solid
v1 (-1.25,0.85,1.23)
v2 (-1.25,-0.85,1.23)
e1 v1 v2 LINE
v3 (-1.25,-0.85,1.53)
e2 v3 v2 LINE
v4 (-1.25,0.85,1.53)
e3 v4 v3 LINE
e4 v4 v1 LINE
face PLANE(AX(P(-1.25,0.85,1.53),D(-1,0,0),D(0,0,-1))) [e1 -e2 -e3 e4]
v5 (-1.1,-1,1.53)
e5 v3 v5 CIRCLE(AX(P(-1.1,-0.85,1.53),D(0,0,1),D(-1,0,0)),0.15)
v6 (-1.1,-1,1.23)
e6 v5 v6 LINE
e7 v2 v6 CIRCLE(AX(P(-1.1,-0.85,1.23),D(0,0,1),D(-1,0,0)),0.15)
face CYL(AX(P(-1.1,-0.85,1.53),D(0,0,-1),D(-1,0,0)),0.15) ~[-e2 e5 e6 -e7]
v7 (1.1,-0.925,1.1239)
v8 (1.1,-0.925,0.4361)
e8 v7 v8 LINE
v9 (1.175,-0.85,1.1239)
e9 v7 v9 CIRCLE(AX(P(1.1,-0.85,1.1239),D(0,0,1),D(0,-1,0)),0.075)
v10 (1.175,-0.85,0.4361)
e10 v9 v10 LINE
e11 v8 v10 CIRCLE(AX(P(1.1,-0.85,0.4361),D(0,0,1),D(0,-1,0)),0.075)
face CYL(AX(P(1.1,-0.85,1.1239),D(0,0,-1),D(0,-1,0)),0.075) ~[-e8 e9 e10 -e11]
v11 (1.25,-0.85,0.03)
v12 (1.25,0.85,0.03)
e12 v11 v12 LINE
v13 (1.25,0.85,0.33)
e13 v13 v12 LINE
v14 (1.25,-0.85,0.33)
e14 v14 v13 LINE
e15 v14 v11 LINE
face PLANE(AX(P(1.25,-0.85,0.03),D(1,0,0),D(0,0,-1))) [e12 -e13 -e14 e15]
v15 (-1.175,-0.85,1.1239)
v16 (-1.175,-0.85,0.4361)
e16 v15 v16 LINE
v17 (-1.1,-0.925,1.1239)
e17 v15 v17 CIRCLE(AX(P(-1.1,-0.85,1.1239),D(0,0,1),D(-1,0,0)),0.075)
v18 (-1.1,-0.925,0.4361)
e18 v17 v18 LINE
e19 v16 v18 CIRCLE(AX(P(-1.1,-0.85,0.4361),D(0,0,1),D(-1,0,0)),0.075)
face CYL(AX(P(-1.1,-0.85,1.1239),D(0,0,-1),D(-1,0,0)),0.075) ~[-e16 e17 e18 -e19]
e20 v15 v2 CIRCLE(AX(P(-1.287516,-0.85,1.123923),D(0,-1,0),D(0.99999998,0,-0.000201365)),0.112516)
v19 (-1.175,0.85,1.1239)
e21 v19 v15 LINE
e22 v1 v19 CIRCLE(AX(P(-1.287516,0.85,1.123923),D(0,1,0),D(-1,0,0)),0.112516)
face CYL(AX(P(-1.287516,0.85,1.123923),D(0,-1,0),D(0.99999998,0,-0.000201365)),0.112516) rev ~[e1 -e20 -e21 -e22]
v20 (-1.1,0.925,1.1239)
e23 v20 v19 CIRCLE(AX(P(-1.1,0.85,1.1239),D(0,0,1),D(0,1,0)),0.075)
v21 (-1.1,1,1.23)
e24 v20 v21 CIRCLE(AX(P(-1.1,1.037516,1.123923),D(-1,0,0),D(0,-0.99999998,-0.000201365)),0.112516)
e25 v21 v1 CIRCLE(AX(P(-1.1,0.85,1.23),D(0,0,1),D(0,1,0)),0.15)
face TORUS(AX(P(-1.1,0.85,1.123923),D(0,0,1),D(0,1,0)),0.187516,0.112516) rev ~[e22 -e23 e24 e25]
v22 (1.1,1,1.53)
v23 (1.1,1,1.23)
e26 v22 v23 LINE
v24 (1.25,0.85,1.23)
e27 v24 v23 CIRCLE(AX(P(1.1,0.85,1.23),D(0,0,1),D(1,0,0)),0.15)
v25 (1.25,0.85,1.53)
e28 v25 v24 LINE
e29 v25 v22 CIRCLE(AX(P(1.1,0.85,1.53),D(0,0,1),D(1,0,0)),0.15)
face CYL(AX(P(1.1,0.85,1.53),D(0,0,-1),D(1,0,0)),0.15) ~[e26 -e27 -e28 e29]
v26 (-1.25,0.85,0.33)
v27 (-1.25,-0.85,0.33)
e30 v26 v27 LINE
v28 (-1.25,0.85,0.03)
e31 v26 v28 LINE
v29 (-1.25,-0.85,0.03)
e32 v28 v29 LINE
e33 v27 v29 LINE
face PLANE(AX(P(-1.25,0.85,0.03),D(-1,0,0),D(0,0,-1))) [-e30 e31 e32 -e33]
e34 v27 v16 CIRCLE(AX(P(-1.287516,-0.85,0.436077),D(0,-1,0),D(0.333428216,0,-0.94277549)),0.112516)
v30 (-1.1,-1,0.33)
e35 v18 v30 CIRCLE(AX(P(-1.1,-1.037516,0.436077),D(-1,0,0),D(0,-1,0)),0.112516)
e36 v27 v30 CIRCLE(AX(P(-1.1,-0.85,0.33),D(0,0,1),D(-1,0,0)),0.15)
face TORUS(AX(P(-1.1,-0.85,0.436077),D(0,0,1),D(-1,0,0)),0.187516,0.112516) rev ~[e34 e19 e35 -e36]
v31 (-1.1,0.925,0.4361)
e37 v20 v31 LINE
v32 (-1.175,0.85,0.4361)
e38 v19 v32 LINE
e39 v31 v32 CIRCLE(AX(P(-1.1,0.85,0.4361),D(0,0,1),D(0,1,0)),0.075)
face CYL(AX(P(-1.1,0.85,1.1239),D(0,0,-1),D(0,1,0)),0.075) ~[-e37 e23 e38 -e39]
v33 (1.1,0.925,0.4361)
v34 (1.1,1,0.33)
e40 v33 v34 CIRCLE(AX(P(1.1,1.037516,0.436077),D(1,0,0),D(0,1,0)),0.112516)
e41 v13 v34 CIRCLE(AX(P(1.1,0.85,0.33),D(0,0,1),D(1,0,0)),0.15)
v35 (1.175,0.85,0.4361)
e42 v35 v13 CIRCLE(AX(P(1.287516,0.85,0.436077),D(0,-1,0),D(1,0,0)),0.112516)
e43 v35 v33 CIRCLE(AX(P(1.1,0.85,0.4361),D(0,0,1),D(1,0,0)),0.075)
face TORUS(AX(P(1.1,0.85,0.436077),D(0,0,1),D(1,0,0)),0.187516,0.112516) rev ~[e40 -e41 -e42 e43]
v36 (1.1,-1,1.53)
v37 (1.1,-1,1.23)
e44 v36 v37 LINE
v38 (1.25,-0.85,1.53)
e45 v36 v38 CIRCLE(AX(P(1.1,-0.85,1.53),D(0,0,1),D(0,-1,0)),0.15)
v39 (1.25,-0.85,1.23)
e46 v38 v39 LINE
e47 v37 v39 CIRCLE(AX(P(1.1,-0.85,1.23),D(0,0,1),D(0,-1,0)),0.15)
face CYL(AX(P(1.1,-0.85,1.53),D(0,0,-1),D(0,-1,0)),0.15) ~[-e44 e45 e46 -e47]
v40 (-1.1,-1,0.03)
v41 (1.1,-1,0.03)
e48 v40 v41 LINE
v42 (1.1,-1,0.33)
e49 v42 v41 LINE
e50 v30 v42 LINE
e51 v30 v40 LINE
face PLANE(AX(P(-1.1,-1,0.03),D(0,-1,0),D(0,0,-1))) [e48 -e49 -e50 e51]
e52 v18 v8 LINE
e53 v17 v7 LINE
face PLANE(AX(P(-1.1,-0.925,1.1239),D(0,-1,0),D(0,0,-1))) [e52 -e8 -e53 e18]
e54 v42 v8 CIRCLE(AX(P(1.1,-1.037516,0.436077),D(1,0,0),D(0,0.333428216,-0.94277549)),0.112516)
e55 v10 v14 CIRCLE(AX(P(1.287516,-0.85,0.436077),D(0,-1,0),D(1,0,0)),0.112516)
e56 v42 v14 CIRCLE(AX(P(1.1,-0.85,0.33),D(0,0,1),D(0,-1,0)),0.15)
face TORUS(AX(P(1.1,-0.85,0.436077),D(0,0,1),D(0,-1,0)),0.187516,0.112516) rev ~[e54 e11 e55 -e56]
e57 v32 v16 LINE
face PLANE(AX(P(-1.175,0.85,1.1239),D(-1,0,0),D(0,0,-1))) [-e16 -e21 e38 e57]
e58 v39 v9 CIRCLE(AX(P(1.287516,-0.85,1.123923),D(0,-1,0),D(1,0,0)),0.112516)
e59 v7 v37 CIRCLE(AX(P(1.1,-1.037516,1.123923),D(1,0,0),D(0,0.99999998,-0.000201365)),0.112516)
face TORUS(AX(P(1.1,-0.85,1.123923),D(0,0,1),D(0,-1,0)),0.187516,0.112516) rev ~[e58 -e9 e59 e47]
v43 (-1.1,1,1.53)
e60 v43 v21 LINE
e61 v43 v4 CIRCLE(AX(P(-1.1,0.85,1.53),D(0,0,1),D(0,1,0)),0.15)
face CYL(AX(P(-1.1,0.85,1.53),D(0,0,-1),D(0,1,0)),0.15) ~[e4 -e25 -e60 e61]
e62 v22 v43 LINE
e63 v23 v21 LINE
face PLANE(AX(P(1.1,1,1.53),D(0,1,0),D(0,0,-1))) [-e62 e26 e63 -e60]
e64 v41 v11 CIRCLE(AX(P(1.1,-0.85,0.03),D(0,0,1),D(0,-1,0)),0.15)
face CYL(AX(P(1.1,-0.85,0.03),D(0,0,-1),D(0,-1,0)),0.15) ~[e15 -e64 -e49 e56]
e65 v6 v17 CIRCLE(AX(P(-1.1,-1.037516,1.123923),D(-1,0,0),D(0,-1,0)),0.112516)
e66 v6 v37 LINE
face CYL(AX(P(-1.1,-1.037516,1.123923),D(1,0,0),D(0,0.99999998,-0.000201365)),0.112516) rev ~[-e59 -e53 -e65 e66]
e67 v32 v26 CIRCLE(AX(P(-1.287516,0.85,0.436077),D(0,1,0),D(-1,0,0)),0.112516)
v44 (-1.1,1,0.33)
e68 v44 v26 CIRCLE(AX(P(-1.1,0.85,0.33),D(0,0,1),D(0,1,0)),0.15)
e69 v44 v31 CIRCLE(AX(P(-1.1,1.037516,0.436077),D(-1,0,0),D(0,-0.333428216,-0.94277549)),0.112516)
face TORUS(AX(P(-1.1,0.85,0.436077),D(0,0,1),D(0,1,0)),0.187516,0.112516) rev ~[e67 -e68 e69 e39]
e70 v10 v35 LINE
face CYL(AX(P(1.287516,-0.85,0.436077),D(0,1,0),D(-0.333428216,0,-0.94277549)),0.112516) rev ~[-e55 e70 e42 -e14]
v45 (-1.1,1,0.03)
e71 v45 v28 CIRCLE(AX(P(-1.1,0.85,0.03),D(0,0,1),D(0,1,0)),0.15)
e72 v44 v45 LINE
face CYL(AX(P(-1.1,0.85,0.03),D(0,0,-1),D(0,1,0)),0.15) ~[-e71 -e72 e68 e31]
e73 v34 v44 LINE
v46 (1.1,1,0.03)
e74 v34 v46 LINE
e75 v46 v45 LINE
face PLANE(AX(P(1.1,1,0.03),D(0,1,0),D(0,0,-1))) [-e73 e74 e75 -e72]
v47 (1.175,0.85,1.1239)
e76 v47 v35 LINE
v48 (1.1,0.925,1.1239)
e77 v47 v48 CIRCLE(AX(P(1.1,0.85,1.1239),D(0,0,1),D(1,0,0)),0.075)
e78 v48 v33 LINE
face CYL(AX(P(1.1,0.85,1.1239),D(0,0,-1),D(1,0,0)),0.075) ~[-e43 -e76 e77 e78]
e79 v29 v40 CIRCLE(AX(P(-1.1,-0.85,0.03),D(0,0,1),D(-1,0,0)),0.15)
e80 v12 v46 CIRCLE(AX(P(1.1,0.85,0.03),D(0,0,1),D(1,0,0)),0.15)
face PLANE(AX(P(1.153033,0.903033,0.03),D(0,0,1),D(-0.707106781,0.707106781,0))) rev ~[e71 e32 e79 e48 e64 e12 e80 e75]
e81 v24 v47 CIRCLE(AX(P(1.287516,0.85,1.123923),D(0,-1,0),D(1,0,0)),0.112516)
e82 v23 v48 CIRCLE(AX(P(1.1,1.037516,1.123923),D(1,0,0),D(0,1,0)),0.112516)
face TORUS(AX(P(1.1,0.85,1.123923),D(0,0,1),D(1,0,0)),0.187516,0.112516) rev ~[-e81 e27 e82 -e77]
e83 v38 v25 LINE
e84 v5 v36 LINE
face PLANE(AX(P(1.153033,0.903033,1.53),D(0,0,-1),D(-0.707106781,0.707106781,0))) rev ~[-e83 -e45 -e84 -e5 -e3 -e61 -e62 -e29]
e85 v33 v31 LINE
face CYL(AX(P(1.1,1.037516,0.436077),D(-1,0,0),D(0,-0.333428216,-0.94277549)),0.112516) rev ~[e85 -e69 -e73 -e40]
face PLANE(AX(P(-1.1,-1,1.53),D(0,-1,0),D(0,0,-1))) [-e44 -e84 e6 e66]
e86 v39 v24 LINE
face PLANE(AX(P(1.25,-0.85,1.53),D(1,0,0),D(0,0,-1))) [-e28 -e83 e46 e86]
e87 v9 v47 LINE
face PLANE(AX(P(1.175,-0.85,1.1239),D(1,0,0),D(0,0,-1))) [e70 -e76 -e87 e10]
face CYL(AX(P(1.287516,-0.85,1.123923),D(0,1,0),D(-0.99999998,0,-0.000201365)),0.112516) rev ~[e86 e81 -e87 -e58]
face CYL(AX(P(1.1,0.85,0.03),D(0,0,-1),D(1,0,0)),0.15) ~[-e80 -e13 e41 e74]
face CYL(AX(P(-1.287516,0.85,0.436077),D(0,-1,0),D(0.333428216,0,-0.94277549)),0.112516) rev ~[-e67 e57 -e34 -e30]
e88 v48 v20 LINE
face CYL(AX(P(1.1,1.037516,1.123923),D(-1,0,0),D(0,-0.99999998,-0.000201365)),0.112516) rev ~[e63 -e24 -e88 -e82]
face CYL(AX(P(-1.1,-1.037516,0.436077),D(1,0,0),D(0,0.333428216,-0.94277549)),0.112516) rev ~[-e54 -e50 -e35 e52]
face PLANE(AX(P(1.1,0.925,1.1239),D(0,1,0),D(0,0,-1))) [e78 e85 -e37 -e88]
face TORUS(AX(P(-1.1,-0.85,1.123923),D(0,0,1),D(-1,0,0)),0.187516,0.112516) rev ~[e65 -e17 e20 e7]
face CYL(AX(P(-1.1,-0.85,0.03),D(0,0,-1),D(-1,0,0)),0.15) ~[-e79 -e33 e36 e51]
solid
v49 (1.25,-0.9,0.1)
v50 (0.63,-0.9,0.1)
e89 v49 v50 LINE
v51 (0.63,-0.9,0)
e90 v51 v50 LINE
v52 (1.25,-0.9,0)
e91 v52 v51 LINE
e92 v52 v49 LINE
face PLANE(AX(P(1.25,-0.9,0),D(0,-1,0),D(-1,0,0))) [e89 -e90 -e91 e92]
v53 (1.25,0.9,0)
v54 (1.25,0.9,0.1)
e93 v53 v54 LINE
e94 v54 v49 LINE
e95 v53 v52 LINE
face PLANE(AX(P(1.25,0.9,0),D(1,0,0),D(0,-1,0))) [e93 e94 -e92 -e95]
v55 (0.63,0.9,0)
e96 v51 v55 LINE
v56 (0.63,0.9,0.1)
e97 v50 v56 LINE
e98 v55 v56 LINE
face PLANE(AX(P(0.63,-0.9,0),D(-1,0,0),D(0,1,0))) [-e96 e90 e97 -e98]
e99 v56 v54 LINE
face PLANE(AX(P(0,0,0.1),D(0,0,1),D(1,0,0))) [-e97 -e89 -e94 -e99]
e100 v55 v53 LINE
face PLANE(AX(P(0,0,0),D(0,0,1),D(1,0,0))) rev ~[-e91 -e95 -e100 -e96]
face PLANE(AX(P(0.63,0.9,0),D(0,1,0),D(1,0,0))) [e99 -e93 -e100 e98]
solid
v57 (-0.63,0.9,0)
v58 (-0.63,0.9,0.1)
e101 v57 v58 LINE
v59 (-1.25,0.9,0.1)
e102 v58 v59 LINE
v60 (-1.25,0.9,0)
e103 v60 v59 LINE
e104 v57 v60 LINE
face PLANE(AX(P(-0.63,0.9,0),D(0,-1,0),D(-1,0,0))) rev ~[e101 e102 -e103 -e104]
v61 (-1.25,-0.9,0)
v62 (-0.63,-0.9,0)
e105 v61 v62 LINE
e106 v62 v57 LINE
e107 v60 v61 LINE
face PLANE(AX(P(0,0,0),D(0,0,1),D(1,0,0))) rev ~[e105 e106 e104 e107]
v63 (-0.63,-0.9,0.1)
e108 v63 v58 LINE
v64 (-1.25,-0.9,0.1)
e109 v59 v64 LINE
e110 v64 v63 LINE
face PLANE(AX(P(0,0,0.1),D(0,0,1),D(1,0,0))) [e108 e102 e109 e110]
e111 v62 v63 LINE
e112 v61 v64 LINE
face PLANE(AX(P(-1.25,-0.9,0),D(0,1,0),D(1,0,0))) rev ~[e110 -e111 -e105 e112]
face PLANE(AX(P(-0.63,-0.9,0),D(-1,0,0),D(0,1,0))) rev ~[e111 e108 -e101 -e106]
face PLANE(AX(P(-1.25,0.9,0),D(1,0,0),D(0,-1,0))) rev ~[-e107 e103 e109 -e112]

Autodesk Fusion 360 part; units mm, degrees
ref_plane "WorkPlane3" through (0, 0, 0.03) normal (0, 0, 1) x (1, 0, 0)
sketch "Sketch1" plane through (0, 0, 0.03) normal (0, 0, 1) x (1, 0, 0)
  line L0 (1.1, 1) -> (-1.1, 1)
  line L1 (-1.25, 0.85) -> (-1.25, -0.85)
  line L2 (-1.1, -1) -> (1.1, -1)
  line L3 (1.25, -0.85) -> (1.25, 0.85)
  line L4 (1.25, 1) -> (-1.25, -1) construction
  line L5 (-1.25, 1) -> (1.25, -1) construction
  line L6 (0, 1) -> (0, -1) construction
  arc A0 (-1.25, -0.85) -> (-1.1, -1) centre (-1.1, -0.85) ccw
  arc A1 (1.1, -1) -> (1.25, -0.85) centre (1.1, -0.85) ccw
  arc A2 (1.25, 0.85) -> (1.1, 1) centre (1.1, 0.85) ccw
  arc A3 (-1.1, 1) -> (-1.25, 0.85) centre (-1.1, 0.85) ccw
  point P0 (1.05, 0)
  dimension "d10" = 2.5
  dimension "d11" = 2
  dimension "d30" = 0.15
ref_plane "WorkPlane2" through (1.1, 0, 0) normal (1, 0, 0) x (0, 1, 0)
sketch "Sketch2" plane through (1.1, 0, 0) normal (1, 0, 0) x (0, 1, 0)
  line L0 (0, 0.03) -> (0, 1.53)
  line L1 (0, 1.53) -> (-1, 1.53)
  line L2 (-1, 1.53) -> (-1, 1.23)
  arc A0 (-0.925, 1.1239) -> (-1, 1.23) centre (-1.0375, 1.1239) ccw
  line L3 (-0.925, 1.1239) -> (-0.925, 0.4361)
  line L4 (-1, 0.03) -> (-1, 0.33)
  arc A1 (-1, 0.33) -> (-0.925, 0.4361) centre (-1.0375, 0.4361) ccw
  line L5 (-0.85, 1.53) -> (-0.85, 0.03)
  line L6 (0, 0.03) -> (-1, 0.03)
  point P0 (-0.85, 0.03)
  dimension "d22" = 0.075
  dimension "d23" = 0.3
  dimension "d24" = 0.3
  dimension "d26" = 0.1125
  dimension "d44" = 1.5
  dimension "d45" = 1
sweep "Sweep1" add profiles "Sketch2" path "Sketch1" along A2 L0 A3 L1 A0 L2 A1 L3 section 1 contours L1 L2 A0 L3 L4 A1 L5 L6 makes body 1
sketch "Sketch3" plane through (0, 0, 1.53) normal (0, 0, 1) x (-1, 0, 0)
  line L0 (-1.1, 0.85) -> (1.1, 0.85)
  line L1 (1.1, 0.85) -> (1.1, -0.85)
  line L2 (1.1, -0.85) -> (-1.1, -0.85)
  line L3 (-1.1, -0.85) -> (-1.1, 0.85)
  arc A0 (-1.1, 1) -> (-1.25, 0.85) centre (-1.1, 0.85) ccw
  line L4 (-1.25, 0.85) -> (-1.25, -0.85)
  arc A1 (-1.25, -0.85) -> (-1.1, -1) centre (-1.1, -0.85) ccw
  line L5 (-1.1, -1) -> (1.1, -1)
  arc A2 (1.1, -1) -> (1.25, -0.85) centre (1.1, -0.85) ccw
  line L6 (1.25, -0.85) -> (1.25, 0.85)
  arc A3 (1.25, 0.85) -> (1.1, 1) centre (1.1, 0.85) ccw
  line L7 (1.1, 1) -> (-1.1, 1)
extrude "Extrude4" add sketch "Sketch3" against normal blind 1.5 contours L0 L1 L2 L3 bodies 1
sketch "Sketch4" plane through (0, 0, 0) normal (0, 0, 1) x (1, 0, 0)
  line L0 (-0.63, 0.9) -> (-1.25, 0.9)
  line L1 (-1.25, 0.9) -> (-1.25, -0.9)
  line L2 (-1.25, -0.9) -> (-0.63, -0.9)
  line L3 (-0.63, -0.9) -> (-0.63, 0.9)
  line L4 (-0.63, 0.9) -> (-1.25, -0.9) construction
  line L5 (-1.25, 0.9) -> (-0.63, -0.9) construction
  line L6 (0, 0) -> (0, 1.8014) construction
  line L7 (0.63, -0.9) -> (0.63, 0.9)
  line L8 (0.63, 0.9) -> (1.25, 0.9)
  line L9 (1.25, 0.9) -> (1.25, -0.9)
  line L10 (1.25, -0.9) -> (0.63, -0.9)
  point P0 (-0.94, 0)
  dimension "d48" = 1.8
  dimension "d50" = 0.63
  dimension "d51" = 1.25
extrude "Extrude5" add sketch "Sketch4" along normal blind 0.1 separate body makes body 2 at (-1.0433, 0.3, 0) makes body 3 at (1.0433, 0.3, 0)
equation "ind2520_package_length = 2.5 mm" comment "2.4 - 2.8"
equation "ind2520_package_width = 2 mm" comment "1.5 - 1.9"
equation "ind2520_package_height = 1.5 mm" comment "0.9 - 1.1"
equation "ind2520_above_board = 0.03 mm"
equation "ind2520_lead_thick = 0.1 mm" comment "0.1 - 0.22"
equation "ind2520_lead_width = ind2520_package_width - 0.2 mm" comment "0.75 - 1.05"
equation "ind2520_lead_extension = 0 mm" comment "0.3 - 0.6"
equation "d10 = ind2520_package_length"
equation "d11 = ind2520_package_width"
equation "d26 = d22 * 3 / 2"
equation "d33 = ind2520_package_length / 2 - d30"
equation "d44 = ind2520_package_height"
equation "d45 = ind2520_package_width / 2"
equation "d46 = ind2520_above_board"
equation "d47 = -ind2520_package_height"
equation "d48 = ind2520_lead_width"
equation "ind2520_lead_length = 0.62 mm"
equation "d50 = ind2520_package_length / 2 - ind2520_lead_length"
equation "d51 = ind2520_package_length / 2 + ind2520_lead_extension"
equation "d52 = ind2520_lead_thick"
